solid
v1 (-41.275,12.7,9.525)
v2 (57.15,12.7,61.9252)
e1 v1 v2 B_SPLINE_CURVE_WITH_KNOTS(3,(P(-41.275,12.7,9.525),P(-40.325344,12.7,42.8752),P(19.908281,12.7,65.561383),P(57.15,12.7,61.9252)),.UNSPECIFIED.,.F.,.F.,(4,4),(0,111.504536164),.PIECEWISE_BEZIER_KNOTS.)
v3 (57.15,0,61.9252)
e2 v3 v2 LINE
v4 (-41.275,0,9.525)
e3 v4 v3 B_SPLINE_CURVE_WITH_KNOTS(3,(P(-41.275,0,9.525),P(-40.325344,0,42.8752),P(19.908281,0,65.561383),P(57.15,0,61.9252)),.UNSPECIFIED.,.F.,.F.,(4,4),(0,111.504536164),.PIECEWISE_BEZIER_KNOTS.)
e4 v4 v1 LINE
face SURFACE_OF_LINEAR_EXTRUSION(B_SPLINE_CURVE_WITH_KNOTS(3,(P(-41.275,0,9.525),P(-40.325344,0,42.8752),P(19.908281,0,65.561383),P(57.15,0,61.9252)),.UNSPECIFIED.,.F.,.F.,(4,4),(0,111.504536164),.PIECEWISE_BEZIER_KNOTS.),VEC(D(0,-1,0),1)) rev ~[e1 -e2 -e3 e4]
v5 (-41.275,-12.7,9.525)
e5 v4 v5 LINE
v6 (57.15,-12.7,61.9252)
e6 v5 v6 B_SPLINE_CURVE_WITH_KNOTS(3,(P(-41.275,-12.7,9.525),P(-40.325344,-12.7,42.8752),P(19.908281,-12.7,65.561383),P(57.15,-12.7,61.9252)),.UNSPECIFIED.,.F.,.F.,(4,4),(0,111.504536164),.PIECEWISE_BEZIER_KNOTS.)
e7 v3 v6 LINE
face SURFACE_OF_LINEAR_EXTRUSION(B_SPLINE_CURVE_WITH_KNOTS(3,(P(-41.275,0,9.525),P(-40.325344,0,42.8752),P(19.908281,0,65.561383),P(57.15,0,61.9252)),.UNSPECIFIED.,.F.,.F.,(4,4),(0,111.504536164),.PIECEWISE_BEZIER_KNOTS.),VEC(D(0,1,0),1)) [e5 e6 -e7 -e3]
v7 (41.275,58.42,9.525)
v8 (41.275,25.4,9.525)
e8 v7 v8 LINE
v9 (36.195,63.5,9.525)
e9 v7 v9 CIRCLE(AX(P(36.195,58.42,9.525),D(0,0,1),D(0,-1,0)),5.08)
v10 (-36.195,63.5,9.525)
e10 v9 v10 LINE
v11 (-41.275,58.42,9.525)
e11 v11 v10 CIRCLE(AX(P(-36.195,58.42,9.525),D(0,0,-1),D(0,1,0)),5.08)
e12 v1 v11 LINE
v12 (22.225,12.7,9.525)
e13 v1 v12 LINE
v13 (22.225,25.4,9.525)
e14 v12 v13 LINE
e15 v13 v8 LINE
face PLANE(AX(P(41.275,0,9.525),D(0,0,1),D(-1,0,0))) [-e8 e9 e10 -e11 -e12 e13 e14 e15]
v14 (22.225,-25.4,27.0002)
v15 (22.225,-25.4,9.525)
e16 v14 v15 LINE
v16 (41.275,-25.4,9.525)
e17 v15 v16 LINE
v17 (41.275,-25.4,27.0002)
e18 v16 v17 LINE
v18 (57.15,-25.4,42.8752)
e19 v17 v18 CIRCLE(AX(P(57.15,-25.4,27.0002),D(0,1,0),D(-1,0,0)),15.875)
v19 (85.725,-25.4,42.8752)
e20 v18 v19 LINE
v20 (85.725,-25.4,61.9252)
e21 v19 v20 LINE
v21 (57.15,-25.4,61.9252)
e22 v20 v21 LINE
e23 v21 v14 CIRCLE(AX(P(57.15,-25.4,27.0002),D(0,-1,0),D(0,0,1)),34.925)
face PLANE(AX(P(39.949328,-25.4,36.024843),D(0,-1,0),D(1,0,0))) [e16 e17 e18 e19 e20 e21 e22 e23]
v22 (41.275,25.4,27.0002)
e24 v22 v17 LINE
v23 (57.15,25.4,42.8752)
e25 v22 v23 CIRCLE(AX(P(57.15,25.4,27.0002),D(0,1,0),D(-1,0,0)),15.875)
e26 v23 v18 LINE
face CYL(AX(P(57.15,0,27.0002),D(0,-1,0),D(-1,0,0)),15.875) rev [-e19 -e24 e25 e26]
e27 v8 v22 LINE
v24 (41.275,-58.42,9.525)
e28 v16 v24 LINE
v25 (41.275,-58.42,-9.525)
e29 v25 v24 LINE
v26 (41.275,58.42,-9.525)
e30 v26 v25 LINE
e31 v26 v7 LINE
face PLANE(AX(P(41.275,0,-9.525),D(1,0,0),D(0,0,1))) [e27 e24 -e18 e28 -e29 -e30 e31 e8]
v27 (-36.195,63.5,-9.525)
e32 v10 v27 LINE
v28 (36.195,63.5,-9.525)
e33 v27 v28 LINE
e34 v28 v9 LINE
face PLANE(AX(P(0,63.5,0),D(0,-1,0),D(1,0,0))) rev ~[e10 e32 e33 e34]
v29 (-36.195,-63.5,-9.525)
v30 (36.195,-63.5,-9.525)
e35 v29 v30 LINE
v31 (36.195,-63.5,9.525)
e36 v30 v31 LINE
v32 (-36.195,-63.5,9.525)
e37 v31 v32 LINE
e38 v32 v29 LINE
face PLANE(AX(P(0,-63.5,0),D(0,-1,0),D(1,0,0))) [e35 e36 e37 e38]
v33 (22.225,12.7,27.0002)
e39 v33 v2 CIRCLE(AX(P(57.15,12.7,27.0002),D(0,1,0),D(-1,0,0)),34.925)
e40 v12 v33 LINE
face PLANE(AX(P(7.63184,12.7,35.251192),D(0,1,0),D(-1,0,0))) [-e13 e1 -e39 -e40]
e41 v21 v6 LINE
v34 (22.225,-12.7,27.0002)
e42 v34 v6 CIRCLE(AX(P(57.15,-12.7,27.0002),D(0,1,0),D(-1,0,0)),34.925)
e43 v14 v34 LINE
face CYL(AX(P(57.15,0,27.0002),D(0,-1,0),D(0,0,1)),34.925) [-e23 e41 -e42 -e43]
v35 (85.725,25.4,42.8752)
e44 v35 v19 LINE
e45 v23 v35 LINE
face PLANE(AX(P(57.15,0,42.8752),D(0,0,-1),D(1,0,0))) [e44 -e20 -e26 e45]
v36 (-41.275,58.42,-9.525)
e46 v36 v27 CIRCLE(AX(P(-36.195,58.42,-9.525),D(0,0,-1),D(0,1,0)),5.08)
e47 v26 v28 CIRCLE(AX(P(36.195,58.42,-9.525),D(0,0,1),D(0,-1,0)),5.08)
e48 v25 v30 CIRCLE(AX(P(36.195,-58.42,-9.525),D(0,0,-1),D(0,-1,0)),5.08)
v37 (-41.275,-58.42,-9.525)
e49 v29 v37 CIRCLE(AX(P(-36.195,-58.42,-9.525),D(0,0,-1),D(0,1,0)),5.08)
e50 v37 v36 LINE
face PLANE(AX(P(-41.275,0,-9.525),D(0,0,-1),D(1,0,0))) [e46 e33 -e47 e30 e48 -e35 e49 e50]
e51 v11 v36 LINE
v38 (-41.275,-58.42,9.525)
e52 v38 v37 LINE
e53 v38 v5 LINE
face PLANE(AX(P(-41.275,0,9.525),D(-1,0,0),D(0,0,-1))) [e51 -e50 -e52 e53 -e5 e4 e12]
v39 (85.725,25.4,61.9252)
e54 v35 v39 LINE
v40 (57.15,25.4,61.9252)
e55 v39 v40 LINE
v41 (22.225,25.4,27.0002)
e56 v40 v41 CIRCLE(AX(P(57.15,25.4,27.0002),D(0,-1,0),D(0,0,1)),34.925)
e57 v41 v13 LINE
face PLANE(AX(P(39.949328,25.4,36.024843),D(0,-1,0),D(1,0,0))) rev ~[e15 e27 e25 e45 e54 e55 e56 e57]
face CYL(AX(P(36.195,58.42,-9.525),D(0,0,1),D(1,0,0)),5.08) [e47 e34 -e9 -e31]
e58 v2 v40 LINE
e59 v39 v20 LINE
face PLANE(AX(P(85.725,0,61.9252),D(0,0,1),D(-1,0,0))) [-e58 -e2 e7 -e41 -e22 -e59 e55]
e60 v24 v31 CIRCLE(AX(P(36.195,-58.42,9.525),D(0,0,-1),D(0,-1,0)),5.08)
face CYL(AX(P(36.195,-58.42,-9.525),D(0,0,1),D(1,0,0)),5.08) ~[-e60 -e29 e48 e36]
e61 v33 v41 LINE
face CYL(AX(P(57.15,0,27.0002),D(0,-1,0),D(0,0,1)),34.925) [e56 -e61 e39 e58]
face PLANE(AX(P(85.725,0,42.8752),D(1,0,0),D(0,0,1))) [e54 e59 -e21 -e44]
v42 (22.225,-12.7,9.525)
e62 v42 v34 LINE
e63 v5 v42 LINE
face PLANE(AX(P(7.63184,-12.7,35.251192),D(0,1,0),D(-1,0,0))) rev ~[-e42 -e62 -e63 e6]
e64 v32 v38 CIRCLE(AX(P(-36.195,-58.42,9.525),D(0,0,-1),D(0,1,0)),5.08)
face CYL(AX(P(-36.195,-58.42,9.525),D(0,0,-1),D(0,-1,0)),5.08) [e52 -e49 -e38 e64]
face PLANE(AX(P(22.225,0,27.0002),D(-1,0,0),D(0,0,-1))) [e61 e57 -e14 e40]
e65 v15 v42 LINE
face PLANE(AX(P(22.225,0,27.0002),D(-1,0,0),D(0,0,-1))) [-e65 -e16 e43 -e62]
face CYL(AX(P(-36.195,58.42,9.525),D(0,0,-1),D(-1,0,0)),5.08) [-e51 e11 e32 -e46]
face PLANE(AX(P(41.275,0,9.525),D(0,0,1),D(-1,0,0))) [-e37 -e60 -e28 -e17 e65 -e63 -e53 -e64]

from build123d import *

# Parameters (mm, degrees)
F1_DEPTH = 63.5
F0_W     = 25.4
F0_H     = 19.05
F2_DEPTH = 25.4
F3_R     = 5.08
F4_R     = 5.08
F5_R     = 5.08
F6_DEPTH = 12.7


with BuildPart() as f1:
    # F0 (on Front) → F1 (new body, symmetric)
    with BuildSketch(Plane.XZ):
        Polygon((-41.275, -9.525), (41.275, -9.525), (41.275, -1.5385041091), (41.275, 9.525), (22.225, 9.525), (-41.275, 9.525), align=None)
    extrude(amount=F1_DEPTH, both=True)

    # F0 (on Front) → F2 (join, symmetric)
    with BuildSketch(Plane.XZ):
        with BuildLine():
            Line((22.225, 9.525), (41.275, 9.525))
            Line((41.275, 9.525), (41.275, 27.0002))
            ThreePointArc((41.275, 27.0002), (45.9246798487, 38.2255201513), (57.15, 42.8752))
            Line((57.15, 42.8752), (60.325, 42.8752))
            Line((60.325, 42.8752), (60.325, 61.9252))
            Line((60.325, 61.9252), (57.15, 61.9252))
            ThreePointArc((57.15, 61.9252), (32.4542956671, 51.6959043329), (22.225, 27.0002))
            Line((22.225, 27.0002), (22.225, 9.525))
        make_face()
        with Locations((73.025, 52.4002)):
            Rectangle(F0_W, F0_H)
    extrude(amount=F2_DEPTH, both=True)

    # F3
    f3_edges = [f1.edges().sort_by_distance(p)[0] for p in [
        (-41.275, -63.5, 0),
    ]]
    fillet(f3_edges, radius=F3_R)

    # F4
    f4_edges = [f1.edges().sort_by_distance(p)[0] for p in [
        (-41.275, 63.5, 0),
        (41.275, 63.5, 0),
    ]]
    fillet(f4_edges, radius=F4_R)

    # F5
    f5_edges = [f1.edges().sort_by_distance(p)[0] for p in [
        (41.275, -63.5, 0),
    ]]
    fillet(f5_edges, radius=F5_R)

    # F0 (on Front) → F6 (join, symmetric)
    with BuildSketch(Plane.XZ):
        with BuildLine():
            add(Edge.make_bspline(
                [(-41.275, 9.525), (-40.3253436089, 42.8752), (19.9082806389, 65.561383116), (57.15, 61.9252)],
                knots=[0, 0, 0, 0, 111.5045361635, 111.5045361635, 111.5045361635, 111.5045361635], degree=3))
            Line((-41.275, 9.525), (22.225, 9.525))
            Line((22.225, 9.525), (22.225, 27.0002))
            ThreePointArc((22.225, 27.0002), (32.4542956671, 51.6959043329), (57.15, 61.9252))
        make_face()
    extrude(amount=F6_DEPTH, both=True)


solid = f1.part
